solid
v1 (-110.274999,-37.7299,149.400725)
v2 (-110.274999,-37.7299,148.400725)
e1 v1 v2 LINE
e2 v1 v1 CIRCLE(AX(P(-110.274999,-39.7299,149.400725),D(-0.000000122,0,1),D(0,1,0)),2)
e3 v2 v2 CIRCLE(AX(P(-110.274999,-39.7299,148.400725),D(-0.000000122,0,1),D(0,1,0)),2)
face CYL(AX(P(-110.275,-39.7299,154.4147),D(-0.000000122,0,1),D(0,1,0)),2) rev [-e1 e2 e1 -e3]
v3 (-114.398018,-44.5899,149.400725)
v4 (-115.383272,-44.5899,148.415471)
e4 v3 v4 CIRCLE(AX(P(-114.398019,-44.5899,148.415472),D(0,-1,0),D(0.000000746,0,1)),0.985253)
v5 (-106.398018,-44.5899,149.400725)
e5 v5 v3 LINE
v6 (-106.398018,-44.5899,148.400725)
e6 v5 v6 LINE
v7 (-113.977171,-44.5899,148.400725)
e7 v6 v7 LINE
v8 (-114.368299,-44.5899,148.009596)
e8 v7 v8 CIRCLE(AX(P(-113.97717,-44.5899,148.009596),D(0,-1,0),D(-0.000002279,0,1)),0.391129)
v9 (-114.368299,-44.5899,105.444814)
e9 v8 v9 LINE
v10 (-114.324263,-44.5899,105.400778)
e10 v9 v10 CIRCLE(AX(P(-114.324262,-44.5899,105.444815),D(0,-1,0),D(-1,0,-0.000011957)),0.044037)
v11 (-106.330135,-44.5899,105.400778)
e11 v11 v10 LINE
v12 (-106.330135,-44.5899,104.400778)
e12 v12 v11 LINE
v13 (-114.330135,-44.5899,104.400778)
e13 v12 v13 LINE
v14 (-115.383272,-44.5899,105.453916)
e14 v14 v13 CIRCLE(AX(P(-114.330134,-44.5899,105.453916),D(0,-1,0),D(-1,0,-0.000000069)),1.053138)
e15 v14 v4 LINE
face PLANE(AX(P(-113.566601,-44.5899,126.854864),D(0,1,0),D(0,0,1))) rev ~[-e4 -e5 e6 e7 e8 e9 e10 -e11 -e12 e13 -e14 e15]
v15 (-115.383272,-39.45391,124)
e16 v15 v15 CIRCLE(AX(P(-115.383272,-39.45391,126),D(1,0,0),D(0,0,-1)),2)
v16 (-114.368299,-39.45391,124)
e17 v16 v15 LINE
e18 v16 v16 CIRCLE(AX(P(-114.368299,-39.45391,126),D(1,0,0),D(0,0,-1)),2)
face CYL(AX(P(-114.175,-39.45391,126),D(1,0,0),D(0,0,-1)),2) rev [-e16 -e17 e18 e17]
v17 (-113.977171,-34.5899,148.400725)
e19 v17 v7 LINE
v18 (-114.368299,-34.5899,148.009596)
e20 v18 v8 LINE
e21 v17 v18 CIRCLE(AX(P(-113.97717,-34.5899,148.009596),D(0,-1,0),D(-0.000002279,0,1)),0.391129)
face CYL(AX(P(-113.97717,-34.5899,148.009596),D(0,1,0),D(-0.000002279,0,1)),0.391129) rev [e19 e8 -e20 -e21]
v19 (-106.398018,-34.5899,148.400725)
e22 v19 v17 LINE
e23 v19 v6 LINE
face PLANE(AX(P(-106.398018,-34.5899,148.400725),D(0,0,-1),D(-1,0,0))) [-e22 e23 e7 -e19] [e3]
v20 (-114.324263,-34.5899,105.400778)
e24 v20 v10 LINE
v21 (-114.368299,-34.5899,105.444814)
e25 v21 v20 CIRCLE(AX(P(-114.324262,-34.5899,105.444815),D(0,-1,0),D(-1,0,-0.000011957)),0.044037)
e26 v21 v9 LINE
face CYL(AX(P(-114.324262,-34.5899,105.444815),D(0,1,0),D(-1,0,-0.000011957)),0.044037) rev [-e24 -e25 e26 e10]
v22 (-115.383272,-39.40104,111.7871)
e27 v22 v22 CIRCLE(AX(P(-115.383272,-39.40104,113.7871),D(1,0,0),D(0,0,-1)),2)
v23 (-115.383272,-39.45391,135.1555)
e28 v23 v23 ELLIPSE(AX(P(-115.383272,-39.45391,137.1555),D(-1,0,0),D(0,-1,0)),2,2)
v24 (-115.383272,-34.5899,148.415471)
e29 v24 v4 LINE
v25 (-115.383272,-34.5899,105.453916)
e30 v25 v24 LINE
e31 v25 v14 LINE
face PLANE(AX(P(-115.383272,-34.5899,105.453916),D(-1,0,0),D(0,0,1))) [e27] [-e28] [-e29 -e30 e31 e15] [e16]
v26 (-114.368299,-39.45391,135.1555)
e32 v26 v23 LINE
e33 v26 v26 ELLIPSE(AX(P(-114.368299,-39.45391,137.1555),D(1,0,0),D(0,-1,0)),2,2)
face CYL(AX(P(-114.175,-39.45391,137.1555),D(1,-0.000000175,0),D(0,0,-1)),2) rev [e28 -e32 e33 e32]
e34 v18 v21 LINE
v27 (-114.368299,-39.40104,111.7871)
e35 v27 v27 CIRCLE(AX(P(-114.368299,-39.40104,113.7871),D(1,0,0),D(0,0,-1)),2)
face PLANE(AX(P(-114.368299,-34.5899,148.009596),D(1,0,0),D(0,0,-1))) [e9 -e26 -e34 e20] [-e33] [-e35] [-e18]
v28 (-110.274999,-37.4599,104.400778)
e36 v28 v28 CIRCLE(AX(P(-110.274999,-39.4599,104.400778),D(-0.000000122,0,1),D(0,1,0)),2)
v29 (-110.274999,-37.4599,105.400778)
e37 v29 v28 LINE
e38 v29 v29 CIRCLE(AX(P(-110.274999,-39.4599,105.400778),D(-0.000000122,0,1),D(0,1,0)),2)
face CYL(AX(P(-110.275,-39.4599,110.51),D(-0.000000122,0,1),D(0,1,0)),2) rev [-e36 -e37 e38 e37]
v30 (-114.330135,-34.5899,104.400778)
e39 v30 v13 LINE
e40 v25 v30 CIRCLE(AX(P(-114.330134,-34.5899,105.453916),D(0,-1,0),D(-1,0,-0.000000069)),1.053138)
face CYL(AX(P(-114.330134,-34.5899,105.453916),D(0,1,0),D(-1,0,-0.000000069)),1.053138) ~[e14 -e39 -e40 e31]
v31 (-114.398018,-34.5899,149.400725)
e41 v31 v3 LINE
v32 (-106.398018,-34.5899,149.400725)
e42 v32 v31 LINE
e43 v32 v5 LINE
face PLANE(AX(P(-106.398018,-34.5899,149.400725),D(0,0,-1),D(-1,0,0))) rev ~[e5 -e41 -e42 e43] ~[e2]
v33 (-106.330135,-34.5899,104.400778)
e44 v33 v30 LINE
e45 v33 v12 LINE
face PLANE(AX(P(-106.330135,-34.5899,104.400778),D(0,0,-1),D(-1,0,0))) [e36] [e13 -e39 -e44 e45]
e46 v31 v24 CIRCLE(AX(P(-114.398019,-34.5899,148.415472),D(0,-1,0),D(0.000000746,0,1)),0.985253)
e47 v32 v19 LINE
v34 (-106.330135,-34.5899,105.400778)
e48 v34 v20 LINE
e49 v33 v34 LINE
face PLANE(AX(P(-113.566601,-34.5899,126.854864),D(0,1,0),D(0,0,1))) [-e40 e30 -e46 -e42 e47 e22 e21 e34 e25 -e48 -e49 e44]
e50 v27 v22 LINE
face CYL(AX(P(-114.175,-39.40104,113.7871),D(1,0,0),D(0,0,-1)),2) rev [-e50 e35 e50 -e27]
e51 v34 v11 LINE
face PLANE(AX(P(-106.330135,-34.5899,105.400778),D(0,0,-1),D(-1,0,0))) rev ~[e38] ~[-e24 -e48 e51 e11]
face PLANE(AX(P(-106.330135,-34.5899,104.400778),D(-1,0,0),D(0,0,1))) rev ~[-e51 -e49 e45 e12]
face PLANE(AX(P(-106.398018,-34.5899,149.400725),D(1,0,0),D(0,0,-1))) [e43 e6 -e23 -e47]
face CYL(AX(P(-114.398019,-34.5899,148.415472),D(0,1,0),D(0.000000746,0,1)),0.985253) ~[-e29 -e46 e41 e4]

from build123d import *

# Parameters (mm, degrees)
CYLINDER030_R               = 2
CYLINDER030_DEPTH           = 10
CYLINDER030_PITCH_ANGLE     = 90
CYLINDER030_PLACEMENT_ANGLE = 7e-06
CYLINDER031_R               = 2
CYLINDER031_DEPTH           = 10
CYLINDER031_PITCH_ANGLE     = 90
CYLINDER031_PLACEMENT_ANGLE = 7e-06
CYLINDER026_R               = 2
CYLINDER026_DEPTH           = 2
CYLINDER026_ROLL_ANGLE      = -88.507054
CYLINDER026_PITCH_ANGLE     = -87.01751
CYLINDER026_PLACEMENT_ANGLE = -92.244015
CYLINDER028_R               = 2
CYLINDER028_DEPTH           = 2
CYLINDER028_PLACEMENT_ANGLE = 90.00001
CYLINDER029_R               = 2
CYLINDER029_DEPTH           = 2
CYLINDER029_ROLL_ANGLE      = 90
CYLINDER027_R               = 2
CYLINDER027_DEPTH           = 2
CYLINDER027_ROLL_ANGLE      = 90
CYLINDER025_R               = 2
CYLINDER025_DEPTH           = 2
CYLINDER025_ROLL_ANGLE      = -88.507054
CYLINDER025_PITCH_ANGLE     = -87.01751
CYLINDER025_PLACEMENT_ANGLE = -92.244015
PAD006_DEPTH                = 10
CUT034_PITCH_ANGLE          = 90
CUT034_PLACEMENT_ANGLE      = -90


with BuildPart() as cylinder030:
    # Cylinder030 → Cylinder030 (new body)
    with BuildSketch(Plane.XY):
        Circle(CYLINDER030_R)
    extrude(amount=CYLINDER030_DEPTH)


with BuildPart() as cylinder030_1:
    # Cylinder030 pitch: moved
    add(cylinder030.part.rotate(Axis((0, 0, 0), (0, 1, 0)), CYLINDER030_PITCH_ANGLE))


with BuildPart() as cylinder030_2:
    # Cylinder030 placement: moved
    add(cylinder030_1.part.moved(Location((15.49, 3.9, 4.87))).rotate(Axis((15.49, 3.9, 4.87), (0, 0, 1)), CYLINDER030_PLACEMENT_ANGLE))


with BuildPart() as cylinder031:
    # Cylinder031 → Cylinder031 (new body)
    with BuildSketch(Plane.XY):
        Circle(CYLINDER031_R)
    extrude(amount=CYLINDER031_DEPTH)


with BuildPart() as cylinder031_1:
    # Cylinder031 pitch: moved
    add(cylinder031.part.rotate(Axis((0, 0, 0), (0, 1, 0)), CYLINDER031_PITCH_ANGLE))


with BuildPart() as cylinder031_2:
    # Cylinder031 placement: moved
    add(cylinder031_1.part.moved(Location((-28.4147, 3.9, 5.14))).rotate(Axis((-28.4147, 3.9, 5.14), (0, 0, 1)), CYLINDER031_PLACEMENT_ANGLE))


with BuildPart() as cylinder026:
    # Cylinder026 → Cylinder026 (new body)
    with BuildSketch(Plane.XY):
        Circle(CYLINDER026_R)
    extrude(amount=CYLINDER026_DEPTH)


with BuildPart() as cylinder026_1:
    # Cylinder026 roll: moved
    add(cylinder026.part.rotate(Axis((0, 0, 0), (1, 0, 0)), CYLINDER026_ROLL_ANGLE))


with BuildPart() as cylinder026_2:
    # Cylinder026 pitch: moved
    add(cylinder026_1.part.rotate(Axis((0, 0, 0), (0, 1, 0)), CYLINDER026_PITCH_ANGLE))


with BuildPart() as cylinder026_3:
    # Cylinder026 placement: moved
    add(cylinder026_2.part.moved(Location((-26, 5.29, 4.9))).rotate(Axis((-26, 5.29, 4.9), (0, 0, 1)), CYLINDER026_PLACEMENT_ANGLE))


with BuildPart() as cylinder028:
    # Cylinder028 → Cylinder028 (new body)
    with BuildSketch(Plane.XY):
        Circle(CYLINDER028_R)
    extrude(amount=CYLINDER028_DEPTH)


with BuildPart() as cylinder028_1:
    # Cylinder028 placement: moved
    add(cylinder028.part.moved(Location((-11.1555, 0, 4.86401))).rotate(Axis((-11.1555, 0, 4.86401), (1, 0, 0)), CYLINDER028_PLACEMENT_ANGLE))


with BuildPart() as cylinder029:
    # Cylinder029 → Cylinder029 (new body)
    with BuildSketch(Plane.XY):
        Circle(CYLINDER029_R)
    extrude(amount=CYLINDER029_DEPTH)


with BuildPart() as cylinder029_1:
    # Cylinder029 roll: moved
    add(cylinder029.part.rotate(Axis((0, 0, 0), (1, 0, 0)), CYLINDER029_ROLL_ANGLE))


with BuildPart() as cylinder029_2:
    # Cylinder029 placement: moved
    add(cylinder029_1.part.moved(Location((0, 0, 4.86401))))


with BuildPart() as cylinder027:
    # Cylinder027 → Cylinder027 (new body)
    with BuildSketch(Plane.XY):
        Circle(CYLINDER027_R)
    extrude(amount=CYLINDER027_DEPTH)


with BuildPart() as cylinder027_1:
    # Cylinder027 roll: moved
    add(cylinder027.part.rotate(Axis((0, 0, 0), (1, 0, 0)), CYLINDER027_ROLL_ANGLE))


with BuildPart() as cylinder027_2:
    # Cylinder027 placement: moved
    add(cylinder027_1.part.moved(Location((12.2129, 0, 4.81114))))


with BuildPart() as cylinder025:
    # Cylinder025 → Cylinder025 (new body)
    with BuildSketch(Plane.XY):
        Circle(CYLINDER025_R)
    extrude(amount=CYLINDER025_DEPTH)


with BuildPart() as cylinder025_1:
    # Cylinder025 roll: moved
    add(cylinder025.part.rotate(Axis((0, 0, 0), (1, 0, 0)), CYLINDER025_ROLL_ANGLE))


with BuildPart() as cylinder025_2:
    # Cylinder025 pitch: moved
    add(cylinder025_1.part.rotate(Axis((0, 0, 0), (0, 1, 0)), CYLINDER025_PITCH_ANGLE))


with BuildPart() as cylinder025_3:
    # Cylinder025 placement: moved
    add(cylinder025_2.part.moved(Location((25, 5.38, 4.9))).rotate(Axis((25, 5.38, 4.9), (0, 0, 1)), CYLINDER025_PLACEMENT_ANGLE))


with BuildPart() as cut034:
    # Sketch007 → Pad006 (new body)
    with BuildSketch(Plane.XY):
        with BuildLine():
            Line((20.546084, -1.208272), (-22.415471, -1.208272))
            ThreePointArc((-23.400725, -0.223018), (-23.112151, -0.919698), (-22.415471, -1.208272))
            Line((-23.400725, 7.776982), (-23.400725, -0.223018))
            Line((-23.400725, 7.776982), (-22.400725, 7.776982))
            Line((-22.400725, 7.776982), (-22.400725, 0.197829))
            ThreePointArc((-22.400725, 0.197829), (-22.286166, -0.07874), (-22.009596, -0.193299))
            Line((-22.009596, -0.193299), (20.555186, -0.193299))
            ThreePointArc((20.555186, -0.193299), (20.586324, -0.180401), (20.599222, -0.149263))
            Line((20.599222, 7.844865), (20.599222, -0.149263))
            Line((21.599222, 7.844865), (20.599222, 7.844865))
            Line((21.599222, 7.844865), (21.599222, -0.155135))
            ThreePointArc((20.546084, -1.208272), (21.290765, -0.899815), (21.599222, -0.155135))
        make_face()
    extrude(amount=PAD006_DEPTH)

    # Cut005: cut Cylinder025
    add(cylinder025_3.part, mode=Mode.SUBTRACT)

    # Cut006: cut Cylinder027
    add(cylinder027_2.part, mode=Mode.SUBTRACT)

    # Cut007: cut Cylinder029
    add(cylinder029_2.part, mode=Mode.SUBTRACT)

    # Cut008: cut Cylinder028
    add(cylinder028_1.part, mode=Mode.SUBTRACT)

    # Cut009: cut Cylinder026
    add(cylinder026_3.part, mode=Mode.SUBTRACT)

    # Cut018: cut Cylinder031
    add(cylinder031_2.part, mode=Mode.SUBTRACT)

    # Cut034: cut Cylinder030
    add(cylinder030_2.part, mode=Mode.SUBTRACT)


with BuildPart() as cut034_1:
    # Cut034 pitch: moved
    add(cut034.part.rotate(Axis((0, 0, 0), (0, 1, 0)), CUT034_PITCH_ANGLE))


with BuildPart() as cut034_2:
    # Cut034 placement: moved
    add(cut034_1.part.moved(Location((-114.175, -34.5899, 126))).rotate(Axis((-114.175, -34.5899, 126), (0, 0, 1)), CUT034_PLACEMENT_ANGLE))


solid = cut034_2.part
